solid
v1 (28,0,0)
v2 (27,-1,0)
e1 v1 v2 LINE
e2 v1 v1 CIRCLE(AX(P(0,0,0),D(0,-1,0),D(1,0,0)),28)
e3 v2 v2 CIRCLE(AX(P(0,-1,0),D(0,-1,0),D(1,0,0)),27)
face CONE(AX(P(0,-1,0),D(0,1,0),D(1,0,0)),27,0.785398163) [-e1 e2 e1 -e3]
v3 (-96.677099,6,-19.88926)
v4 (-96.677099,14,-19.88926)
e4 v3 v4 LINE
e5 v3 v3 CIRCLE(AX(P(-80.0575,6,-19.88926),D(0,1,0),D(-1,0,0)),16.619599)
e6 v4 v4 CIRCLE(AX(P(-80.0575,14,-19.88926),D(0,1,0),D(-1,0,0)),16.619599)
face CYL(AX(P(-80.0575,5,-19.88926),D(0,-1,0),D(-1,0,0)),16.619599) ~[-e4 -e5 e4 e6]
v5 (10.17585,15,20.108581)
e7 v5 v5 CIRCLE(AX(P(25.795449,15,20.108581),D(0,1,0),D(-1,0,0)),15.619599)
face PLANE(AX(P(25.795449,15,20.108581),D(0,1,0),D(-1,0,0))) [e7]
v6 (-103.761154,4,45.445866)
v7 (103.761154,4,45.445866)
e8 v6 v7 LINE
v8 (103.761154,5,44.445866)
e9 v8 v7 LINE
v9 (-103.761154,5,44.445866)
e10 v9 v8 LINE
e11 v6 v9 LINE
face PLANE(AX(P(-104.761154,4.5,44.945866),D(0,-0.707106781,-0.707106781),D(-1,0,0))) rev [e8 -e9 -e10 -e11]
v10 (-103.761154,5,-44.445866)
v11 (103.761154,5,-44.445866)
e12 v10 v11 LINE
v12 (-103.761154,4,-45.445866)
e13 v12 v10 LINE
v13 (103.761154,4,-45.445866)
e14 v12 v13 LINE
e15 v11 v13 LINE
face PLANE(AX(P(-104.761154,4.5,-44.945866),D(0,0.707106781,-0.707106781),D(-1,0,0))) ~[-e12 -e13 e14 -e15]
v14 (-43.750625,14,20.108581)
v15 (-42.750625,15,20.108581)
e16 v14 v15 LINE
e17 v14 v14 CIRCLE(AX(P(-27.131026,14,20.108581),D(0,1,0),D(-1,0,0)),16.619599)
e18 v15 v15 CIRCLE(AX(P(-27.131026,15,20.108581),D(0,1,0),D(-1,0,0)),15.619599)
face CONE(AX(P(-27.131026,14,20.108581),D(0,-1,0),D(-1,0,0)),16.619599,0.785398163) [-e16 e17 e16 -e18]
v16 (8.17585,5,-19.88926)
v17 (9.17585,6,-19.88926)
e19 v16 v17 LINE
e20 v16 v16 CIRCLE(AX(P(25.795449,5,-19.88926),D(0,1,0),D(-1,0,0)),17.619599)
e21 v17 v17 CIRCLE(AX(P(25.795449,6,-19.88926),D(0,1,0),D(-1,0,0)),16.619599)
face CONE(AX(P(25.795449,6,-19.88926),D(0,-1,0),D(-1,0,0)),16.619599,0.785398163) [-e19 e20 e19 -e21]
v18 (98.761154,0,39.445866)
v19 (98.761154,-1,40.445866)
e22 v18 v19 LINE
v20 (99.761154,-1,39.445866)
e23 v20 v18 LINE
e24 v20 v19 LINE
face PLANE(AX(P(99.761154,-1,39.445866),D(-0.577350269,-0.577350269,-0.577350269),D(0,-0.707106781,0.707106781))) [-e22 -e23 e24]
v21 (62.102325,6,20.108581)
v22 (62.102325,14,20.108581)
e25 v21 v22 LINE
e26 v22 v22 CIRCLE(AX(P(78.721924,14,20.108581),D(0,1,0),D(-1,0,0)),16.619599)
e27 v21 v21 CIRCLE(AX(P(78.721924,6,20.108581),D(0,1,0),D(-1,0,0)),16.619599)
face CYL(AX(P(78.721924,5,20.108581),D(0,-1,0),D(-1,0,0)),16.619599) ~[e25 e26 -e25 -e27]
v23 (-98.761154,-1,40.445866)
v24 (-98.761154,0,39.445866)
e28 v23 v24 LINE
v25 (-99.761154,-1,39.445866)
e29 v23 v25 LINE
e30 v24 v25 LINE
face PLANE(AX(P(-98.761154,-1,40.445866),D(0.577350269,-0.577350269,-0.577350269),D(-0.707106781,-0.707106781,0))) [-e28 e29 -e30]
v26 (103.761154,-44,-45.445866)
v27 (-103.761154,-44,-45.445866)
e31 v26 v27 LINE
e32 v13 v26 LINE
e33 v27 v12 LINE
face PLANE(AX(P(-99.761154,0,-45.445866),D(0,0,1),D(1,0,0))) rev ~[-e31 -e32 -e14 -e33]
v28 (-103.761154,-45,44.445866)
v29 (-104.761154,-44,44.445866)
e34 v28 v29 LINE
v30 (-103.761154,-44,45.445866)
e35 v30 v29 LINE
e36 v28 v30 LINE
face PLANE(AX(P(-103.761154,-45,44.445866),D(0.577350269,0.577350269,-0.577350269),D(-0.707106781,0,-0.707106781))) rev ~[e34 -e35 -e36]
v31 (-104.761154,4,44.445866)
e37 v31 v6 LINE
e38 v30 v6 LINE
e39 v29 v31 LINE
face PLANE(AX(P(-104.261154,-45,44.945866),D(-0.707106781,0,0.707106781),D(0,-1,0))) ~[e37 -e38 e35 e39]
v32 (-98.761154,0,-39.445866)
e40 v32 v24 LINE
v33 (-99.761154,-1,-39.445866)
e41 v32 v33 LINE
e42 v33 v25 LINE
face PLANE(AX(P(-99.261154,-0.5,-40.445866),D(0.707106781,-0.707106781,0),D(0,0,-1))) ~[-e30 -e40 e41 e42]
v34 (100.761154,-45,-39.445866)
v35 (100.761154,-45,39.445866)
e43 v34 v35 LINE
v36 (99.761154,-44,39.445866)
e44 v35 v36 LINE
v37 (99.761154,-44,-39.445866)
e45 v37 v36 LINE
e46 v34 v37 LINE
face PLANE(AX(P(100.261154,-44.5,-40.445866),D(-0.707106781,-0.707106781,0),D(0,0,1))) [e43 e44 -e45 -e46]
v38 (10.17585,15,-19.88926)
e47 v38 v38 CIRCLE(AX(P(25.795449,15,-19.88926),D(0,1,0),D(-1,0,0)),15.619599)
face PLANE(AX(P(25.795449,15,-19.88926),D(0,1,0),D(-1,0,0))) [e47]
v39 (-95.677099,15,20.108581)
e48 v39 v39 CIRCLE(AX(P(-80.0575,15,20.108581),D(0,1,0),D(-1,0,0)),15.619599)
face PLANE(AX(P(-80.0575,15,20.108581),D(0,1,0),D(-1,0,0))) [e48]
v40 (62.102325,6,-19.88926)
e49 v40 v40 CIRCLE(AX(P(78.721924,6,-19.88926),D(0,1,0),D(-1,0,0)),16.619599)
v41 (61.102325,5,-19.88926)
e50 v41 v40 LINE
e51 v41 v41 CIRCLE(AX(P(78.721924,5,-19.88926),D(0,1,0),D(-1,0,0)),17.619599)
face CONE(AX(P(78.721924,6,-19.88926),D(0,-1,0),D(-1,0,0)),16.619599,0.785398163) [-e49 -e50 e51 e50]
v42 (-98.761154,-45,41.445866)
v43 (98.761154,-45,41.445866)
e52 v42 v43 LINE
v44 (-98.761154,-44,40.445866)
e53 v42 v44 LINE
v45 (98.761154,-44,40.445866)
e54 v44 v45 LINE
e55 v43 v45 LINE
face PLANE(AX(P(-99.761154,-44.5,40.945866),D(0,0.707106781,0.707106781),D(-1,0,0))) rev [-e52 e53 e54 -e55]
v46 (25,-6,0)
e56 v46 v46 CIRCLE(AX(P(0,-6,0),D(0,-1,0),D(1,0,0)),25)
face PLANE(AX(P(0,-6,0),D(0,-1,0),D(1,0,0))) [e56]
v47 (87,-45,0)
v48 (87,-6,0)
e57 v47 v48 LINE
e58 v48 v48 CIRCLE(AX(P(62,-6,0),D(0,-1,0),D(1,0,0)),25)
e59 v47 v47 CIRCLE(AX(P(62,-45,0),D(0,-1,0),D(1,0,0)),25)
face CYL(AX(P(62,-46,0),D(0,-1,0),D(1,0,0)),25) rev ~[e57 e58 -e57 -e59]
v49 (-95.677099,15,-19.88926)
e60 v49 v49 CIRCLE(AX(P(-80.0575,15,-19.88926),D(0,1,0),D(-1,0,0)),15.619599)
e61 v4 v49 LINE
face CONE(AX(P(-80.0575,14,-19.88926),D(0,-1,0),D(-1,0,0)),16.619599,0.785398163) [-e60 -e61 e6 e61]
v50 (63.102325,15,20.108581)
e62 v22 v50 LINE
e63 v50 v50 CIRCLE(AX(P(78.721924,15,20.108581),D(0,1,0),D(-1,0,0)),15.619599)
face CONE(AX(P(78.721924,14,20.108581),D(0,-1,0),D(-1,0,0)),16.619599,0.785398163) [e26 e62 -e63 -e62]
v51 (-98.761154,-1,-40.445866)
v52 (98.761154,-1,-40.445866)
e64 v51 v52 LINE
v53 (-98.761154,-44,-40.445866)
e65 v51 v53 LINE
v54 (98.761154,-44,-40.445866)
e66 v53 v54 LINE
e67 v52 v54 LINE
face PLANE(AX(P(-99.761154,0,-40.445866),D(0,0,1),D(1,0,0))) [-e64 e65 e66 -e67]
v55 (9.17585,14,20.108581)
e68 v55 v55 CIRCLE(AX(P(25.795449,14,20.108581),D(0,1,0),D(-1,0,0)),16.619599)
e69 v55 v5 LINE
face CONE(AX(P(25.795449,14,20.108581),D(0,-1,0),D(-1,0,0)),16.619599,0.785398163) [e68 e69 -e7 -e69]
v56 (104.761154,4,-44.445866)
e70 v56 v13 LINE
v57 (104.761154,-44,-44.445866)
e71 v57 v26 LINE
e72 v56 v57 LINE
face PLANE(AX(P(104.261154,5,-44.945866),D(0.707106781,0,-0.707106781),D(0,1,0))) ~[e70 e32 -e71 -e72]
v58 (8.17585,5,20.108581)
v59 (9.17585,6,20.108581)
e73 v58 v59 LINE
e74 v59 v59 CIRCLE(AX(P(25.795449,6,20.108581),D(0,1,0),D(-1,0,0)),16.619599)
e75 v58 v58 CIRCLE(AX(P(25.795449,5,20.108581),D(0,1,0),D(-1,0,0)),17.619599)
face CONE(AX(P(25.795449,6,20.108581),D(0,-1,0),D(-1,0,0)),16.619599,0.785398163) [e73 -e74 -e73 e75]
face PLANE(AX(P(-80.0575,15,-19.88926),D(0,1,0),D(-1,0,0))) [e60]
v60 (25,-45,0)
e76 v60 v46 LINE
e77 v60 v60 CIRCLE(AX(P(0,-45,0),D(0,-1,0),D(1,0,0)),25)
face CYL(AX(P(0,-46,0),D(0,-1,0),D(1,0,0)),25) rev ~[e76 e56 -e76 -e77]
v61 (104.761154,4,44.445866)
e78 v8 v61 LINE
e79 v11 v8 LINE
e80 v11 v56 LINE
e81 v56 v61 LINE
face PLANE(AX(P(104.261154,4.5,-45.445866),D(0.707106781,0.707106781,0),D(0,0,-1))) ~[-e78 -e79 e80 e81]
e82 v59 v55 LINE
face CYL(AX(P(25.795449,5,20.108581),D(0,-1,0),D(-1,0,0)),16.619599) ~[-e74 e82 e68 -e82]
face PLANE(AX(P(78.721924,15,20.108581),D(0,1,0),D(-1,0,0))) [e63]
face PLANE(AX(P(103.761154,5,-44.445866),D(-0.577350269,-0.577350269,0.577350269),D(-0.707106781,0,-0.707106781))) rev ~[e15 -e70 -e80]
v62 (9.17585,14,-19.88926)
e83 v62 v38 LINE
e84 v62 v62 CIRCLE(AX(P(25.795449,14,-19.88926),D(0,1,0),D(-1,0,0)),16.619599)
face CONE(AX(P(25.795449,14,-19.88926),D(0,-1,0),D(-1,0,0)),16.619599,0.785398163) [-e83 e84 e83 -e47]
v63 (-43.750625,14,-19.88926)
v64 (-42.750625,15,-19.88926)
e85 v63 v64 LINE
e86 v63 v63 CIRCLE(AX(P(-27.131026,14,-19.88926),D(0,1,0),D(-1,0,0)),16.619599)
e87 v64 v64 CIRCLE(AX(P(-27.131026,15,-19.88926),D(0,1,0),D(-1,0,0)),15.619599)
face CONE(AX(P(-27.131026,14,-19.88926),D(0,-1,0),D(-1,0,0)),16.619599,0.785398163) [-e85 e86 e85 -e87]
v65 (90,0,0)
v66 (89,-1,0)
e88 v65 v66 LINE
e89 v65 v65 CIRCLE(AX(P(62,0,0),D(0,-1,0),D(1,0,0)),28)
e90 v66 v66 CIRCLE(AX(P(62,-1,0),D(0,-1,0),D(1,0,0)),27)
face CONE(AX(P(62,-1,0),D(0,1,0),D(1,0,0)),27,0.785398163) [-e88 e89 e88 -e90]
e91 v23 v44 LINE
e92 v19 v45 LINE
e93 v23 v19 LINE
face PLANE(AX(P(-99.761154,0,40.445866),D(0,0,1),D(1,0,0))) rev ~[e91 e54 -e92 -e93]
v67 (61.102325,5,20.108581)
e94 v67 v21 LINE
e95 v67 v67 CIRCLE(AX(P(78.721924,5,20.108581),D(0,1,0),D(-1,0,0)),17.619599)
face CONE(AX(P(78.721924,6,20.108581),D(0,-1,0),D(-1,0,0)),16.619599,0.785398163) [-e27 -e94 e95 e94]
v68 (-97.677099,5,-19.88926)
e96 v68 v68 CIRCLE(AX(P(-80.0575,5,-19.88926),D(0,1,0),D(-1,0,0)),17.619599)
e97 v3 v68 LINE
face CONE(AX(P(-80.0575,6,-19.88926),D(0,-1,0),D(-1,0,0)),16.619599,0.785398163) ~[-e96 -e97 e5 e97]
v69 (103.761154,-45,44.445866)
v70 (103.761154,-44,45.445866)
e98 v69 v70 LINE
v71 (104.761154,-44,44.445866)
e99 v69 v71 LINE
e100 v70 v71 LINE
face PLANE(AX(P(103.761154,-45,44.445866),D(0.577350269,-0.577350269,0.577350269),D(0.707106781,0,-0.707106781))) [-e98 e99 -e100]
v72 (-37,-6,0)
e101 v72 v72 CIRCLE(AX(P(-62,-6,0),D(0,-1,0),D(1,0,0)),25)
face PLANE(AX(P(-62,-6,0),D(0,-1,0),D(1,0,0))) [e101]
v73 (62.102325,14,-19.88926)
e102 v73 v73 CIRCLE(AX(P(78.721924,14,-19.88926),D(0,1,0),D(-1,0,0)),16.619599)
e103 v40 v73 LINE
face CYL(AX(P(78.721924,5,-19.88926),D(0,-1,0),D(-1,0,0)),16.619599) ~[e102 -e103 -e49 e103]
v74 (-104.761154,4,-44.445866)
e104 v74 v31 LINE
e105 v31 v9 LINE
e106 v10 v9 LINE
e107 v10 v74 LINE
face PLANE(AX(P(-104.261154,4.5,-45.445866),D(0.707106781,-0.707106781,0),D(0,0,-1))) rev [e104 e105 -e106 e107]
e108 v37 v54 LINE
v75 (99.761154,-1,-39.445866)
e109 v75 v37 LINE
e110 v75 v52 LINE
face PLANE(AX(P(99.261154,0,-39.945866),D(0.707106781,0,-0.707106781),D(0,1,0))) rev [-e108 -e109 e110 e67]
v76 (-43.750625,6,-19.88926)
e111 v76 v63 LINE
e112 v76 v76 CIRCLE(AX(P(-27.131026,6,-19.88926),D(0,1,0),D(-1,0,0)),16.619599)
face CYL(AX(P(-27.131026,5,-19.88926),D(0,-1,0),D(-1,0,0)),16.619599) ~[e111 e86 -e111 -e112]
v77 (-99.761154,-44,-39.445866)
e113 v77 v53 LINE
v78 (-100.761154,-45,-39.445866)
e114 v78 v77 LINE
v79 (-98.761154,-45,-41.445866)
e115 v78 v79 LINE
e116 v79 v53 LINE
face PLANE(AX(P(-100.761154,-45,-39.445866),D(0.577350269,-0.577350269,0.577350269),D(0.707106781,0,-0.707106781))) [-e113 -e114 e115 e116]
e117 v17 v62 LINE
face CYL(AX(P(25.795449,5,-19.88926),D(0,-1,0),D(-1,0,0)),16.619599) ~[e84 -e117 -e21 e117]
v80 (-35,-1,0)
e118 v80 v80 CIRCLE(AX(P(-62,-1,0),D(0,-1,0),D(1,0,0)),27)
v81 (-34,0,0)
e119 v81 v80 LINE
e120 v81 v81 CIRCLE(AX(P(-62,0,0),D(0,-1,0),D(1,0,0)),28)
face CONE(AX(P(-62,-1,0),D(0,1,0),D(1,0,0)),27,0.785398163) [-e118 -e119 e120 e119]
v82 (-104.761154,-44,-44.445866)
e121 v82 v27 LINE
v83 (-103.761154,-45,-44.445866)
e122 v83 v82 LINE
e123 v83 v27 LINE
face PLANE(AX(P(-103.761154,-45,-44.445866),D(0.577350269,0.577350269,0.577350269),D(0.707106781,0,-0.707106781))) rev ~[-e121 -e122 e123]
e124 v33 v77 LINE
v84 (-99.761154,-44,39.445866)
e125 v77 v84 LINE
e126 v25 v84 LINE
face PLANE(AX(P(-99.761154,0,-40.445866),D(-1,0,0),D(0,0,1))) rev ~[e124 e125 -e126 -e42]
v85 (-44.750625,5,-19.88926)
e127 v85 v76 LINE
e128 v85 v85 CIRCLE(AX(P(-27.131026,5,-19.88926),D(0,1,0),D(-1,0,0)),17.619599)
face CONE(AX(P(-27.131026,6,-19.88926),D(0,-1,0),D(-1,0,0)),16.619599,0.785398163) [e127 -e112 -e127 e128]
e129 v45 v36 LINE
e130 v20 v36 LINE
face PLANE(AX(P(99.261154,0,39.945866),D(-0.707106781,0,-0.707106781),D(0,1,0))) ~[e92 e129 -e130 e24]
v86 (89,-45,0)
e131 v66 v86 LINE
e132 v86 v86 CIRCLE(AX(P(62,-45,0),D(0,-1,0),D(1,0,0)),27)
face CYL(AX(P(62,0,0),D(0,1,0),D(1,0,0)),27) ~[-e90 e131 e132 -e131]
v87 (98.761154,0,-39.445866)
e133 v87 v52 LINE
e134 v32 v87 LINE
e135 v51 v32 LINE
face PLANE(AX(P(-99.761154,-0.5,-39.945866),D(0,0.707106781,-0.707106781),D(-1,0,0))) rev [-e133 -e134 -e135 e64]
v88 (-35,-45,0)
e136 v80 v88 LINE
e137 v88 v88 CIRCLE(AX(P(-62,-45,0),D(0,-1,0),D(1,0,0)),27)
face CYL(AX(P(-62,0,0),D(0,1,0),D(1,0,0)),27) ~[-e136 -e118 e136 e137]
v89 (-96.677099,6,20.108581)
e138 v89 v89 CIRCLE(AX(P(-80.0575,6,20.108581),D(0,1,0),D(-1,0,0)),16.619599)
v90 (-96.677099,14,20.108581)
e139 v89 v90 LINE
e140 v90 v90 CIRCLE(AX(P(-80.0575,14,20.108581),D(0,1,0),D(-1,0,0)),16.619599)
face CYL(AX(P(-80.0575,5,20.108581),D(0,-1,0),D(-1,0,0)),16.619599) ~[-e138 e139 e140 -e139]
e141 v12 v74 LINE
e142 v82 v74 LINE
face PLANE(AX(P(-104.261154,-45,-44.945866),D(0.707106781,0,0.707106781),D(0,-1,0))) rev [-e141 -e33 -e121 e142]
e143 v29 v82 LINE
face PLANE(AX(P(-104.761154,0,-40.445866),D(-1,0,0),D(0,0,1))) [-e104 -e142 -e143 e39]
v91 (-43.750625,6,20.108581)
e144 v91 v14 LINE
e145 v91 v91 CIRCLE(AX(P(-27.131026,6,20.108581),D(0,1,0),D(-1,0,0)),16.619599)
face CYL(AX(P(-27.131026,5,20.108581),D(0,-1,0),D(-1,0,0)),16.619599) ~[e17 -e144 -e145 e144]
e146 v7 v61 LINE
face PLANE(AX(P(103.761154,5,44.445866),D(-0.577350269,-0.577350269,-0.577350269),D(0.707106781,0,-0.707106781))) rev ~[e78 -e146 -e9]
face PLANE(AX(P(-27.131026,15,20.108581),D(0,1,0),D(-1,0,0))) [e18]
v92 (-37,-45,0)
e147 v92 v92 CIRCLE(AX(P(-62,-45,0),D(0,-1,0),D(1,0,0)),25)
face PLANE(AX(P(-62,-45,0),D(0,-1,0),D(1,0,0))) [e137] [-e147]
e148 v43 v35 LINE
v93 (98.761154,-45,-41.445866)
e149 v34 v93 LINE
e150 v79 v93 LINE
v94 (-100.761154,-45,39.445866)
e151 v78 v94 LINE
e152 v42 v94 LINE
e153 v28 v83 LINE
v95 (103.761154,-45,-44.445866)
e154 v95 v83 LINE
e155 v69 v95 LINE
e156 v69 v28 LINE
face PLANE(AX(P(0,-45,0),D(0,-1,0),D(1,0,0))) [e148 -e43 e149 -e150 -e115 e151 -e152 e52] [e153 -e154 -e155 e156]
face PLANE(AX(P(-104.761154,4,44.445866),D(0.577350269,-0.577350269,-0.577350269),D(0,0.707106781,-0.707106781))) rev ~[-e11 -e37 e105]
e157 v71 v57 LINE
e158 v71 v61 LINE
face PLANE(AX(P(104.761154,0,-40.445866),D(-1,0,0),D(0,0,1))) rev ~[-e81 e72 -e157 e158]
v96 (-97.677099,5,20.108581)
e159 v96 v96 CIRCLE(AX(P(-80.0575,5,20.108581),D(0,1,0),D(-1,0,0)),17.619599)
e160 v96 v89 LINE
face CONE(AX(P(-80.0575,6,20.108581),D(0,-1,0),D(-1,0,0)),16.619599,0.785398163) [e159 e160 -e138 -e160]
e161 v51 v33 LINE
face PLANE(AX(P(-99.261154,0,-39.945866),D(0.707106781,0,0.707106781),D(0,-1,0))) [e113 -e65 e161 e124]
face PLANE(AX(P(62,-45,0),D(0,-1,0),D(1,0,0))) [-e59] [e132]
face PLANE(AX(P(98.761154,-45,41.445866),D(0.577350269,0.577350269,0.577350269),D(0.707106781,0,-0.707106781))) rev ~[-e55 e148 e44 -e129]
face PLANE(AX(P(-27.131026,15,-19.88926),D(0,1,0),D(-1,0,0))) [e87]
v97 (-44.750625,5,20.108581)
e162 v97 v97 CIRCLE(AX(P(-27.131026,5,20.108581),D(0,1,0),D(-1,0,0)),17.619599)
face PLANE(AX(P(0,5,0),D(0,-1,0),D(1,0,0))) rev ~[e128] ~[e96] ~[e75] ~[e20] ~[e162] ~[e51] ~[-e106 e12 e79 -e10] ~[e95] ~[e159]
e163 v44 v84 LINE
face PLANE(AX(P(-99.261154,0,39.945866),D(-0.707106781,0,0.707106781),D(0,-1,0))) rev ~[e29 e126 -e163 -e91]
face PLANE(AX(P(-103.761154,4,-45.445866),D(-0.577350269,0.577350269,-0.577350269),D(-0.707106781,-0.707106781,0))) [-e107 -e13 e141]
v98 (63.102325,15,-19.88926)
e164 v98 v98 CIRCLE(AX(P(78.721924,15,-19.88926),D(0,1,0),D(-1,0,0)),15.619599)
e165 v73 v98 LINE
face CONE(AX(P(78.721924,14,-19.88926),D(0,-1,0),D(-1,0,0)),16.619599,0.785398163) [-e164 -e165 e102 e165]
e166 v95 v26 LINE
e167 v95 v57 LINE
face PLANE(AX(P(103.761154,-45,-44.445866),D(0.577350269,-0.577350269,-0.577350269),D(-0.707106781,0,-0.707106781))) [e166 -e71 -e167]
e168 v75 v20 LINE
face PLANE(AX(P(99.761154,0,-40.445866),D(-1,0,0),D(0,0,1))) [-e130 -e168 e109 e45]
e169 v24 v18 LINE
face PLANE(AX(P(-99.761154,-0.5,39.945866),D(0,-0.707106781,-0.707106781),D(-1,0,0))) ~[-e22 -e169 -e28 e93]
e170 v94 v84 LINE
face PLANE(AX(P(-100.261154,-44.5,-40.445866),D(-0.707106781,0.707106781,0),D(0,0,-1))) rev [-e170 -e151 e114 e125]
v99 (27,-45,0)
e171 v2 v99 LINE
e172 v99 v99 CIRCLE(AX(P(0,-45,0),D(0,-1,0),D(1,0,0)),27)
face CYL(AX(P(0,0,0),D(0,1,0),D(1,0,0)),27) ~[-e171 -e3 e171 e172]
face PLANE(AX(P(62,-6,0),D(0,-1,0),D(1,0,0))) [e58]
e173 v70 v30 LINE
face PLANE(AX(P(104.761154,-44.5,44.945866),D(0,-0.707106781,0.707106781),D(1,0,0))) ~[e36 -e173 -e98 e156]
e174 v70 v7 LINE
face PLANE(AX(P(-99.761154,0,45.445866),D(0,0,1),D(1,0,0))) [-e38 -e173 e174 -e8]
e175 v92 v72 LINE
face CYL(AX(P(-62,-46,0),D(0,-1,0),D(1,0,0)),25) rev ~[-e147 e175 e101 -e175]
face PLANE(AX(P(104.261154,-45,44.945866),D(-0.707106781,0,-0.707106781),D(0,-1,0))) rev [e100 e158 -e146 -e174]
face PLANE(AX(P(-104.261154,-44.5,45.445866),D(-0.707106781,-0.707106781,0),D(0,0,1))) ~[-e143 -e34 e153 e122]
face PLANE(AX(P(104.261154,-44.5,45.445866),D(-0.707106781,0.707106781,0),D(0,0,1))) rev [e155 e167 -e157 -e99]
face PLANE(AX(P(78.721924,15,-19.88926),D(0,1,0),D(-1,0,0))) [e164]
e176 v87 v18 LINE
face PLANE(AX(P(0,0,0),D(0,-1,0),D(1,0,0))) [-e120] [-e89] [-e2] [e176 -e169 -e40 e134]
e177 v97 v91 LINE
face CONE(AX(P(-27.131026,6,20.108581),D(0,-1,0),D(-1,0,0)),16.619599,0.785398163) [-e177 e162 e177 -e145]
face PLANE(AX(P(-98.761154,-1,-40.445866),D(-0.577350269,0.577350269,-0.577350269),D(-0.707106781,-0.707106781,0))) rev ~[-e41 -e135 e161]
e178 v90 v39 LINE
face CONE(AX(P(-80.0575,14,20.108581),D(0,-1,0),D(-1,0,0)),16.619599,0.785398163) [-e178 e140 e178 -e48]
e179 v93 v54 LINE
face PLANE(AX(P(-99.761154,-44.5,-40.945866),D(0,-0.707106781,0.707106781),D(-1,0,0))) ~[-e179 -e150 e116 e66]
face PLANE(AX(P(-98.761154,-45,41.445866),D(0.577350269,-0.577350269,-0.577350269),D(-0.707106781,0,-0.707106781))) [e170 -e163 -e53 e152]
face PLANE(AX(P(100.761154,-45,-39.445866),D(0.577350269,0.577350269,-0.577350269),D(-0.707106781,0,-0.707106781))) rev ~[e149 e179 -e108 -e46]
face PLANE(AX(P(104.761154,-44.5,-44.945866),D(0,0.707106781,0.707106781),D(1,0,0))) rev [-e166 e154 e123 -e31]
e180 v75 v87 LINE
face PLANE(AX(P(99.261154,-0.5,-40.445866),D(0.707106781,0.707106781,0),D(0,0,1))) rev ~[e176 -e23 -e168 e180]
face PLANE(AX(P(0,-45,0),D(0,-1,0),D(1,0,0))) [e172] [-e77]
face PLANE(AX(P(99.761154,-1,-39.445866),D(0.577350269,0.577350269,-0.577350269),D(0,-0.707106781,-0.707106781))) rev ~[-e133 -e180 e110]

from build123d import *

# Parameters (mm, degrees)
SKETCH_W        = 199.522308
SKETCH_H        = 80.891732
PAD_DEPTH       = 45
THICKNESS_T     = 5
SKETCH001_R     = 27
PAD001_DEPTH    = 45
SKETCH002_R     = 25
POCKET_DEPTH    = 40
CHAMFER_SIZE    = 1
CHAMFER001_SIZE = 1
SKETCH003_R     = 16.619599
PAD002_DEPTH    = 10
CHAMFER002_SIZE = 1
CHAMFER003_SIZE = 1


with BuildPart() as part:
    # Sketch → Pad (new body)
    with BuildSketch(Plane.XZ):
        Rectangle(SKETCH_W, SKETCH_H)
    extrude(amount=PAD_DEPTH)

    # Thickness
    thickness_openings = [part.faces().sort_by_distance(p)[0] for p in [
        (0, -45, 0),
    ]]
    offset(amount=THICKNESS_T, openings=thickness_openings, kind=Kind.INTERSECTION)

    # Sketch001 (on Face5 of Thickness) → Pad001 (join)
    with BuildSketch(Plane.XZ):
        Circle(SKETCH001_R)
        with Locations((62, 0)):
            Circle(SKETCH001_R)
        with Locations((-62, 0)):
            Circle(SKETCH001_R)
    extrude(amount=PAD001_DEPTH)

    # Sketch002 → Pocket (cut)
    with BuildSketch(Plane.XZ.offset(46)):
        Circle(SKETCH002_R)
        with Locations((-62, 0)):
            Circle(SKETCH002_R)
        with Locations((62, 0)):
            Circle(SKETCH002_R)
    extrude(amount=-POCKET_DEPTH, mode=Mode.SUBTRACT)

    # Chamfer
    chamfer_edges = [part.edges().sort_by_distance(p)[0] for p in [
        (-99.761154, 0, 0),
        (0, 0, -40.445866),
        (0, 0, 40.445866),
        (99.761154, 0, 0),
        (-89, 0, 0),
        (-27, 0, 0),
        (35, 0, 0),
        (-99.761154, -22.5, 40.445866),
        (99.761154, -22.5, 40.445866),
        (0, -45, 40.445866),
        (-99.761154, -22.5, -40.445866),
        (-99.761154, -45, 0),
        (99.761154, -22.5, -40.445866),
        (99.761154, -45, 0),
        (0, -45, -40.445866),
    ]]
    chamfer(chamfer_edges, length=CHAMFER_SIZE)

    # Chamfer001
    chamfer001_edges = [part.edges().sort_by_distance(p)[0] for p in [
        (104.761154, -20, 45.445866),
        (0, 5, 45.445866),
        (-104.761154, -20, 45.445866),
        (0, -45, 45.445866),
        (104.761154, -20, -45.445866),
        (104.761154, 5, 0),
        (104.761154, -45, 0),
        (-104.761154, 5, 0),
        (0, 5, -45.445866),
        (-104.761154, -20, -45.445866),
        (-104.761154, -45, 0),
        (0, -45, -45.445866),
    ]]
    chamfer(chamfer001_edges, length=CHAMFER001_SIZE)

    # Sketch003 (on Face48 of Chamfer001) → Pad002 (join)
    with BuildSketch(Plane(origin=(0, 5, 0), x_dir=(-1, 0, 0), z_dir=(0, 1, 0))):
        with Locations((-78.721924, 20.108581)):
            Circle(SKETCH003_R)
        with Locations((-25.795449, 20.108581)):
            Circle(SKETCH003_R)
        with Locations((27.131026, 20.108581)):
            Circle(SKETCH003_R)
        with Locations((80.0575, 20.108581)):
            Circle(SKETCH003_R)
        with Locations((-78.721924, -19.88926)):
            Circle(SKETCH003_R)
        with Locations((-25.795449, -19.88926)):
            Circle(SKETCH003_R)
        with Locations((27.131026, -19.88926)):
            Circle(SKETCH003_R)
        with Locations((80.0575, -19.88926)):
            Circle(SKETCH003_R)
    extrude(amount=PAD002_DEPTH)

    # Chamfer002
    chamfer002_edges = [part.edges().sort_by_distance(p)[0] for p in [
        (-63.437902, 15, 20.108581),
        (-63.437902, 15, -19.88926),
        (-10.511427, 15, -19.88926),
        (-10.511427, 15, 20.108581),
        (42.415048, 15, 20.108581),
        (42.415048, 15, -19.88926),
        (95.341523, 15, -19.88926),
        (95.341523, 15, 20.108581),
    ]]
    chamfer(chamfer002_edges, length=CHAMFER002_SIZE)

    # Chamfer003
    chamfer003_edges = [part.edges().sort_by_distance(p)[0] for p in [
        (-10.511427, 5, 20.108581),
        (-10.511427, 5, -19.88926),
        (42.415048, 5, -19.88926),
        (42.415048, 5, 20.108581),
        (95.341523, 5, -19.88926),
        (95.341523, 5, 20.108581),
        (-63.437902, 5, -19.88926),
        (-63.437902, 5, 20.108581),
    ]]
    chamfer(chamfer003_edges, length=CHAMFER003_SIZE)


solid = part.part
